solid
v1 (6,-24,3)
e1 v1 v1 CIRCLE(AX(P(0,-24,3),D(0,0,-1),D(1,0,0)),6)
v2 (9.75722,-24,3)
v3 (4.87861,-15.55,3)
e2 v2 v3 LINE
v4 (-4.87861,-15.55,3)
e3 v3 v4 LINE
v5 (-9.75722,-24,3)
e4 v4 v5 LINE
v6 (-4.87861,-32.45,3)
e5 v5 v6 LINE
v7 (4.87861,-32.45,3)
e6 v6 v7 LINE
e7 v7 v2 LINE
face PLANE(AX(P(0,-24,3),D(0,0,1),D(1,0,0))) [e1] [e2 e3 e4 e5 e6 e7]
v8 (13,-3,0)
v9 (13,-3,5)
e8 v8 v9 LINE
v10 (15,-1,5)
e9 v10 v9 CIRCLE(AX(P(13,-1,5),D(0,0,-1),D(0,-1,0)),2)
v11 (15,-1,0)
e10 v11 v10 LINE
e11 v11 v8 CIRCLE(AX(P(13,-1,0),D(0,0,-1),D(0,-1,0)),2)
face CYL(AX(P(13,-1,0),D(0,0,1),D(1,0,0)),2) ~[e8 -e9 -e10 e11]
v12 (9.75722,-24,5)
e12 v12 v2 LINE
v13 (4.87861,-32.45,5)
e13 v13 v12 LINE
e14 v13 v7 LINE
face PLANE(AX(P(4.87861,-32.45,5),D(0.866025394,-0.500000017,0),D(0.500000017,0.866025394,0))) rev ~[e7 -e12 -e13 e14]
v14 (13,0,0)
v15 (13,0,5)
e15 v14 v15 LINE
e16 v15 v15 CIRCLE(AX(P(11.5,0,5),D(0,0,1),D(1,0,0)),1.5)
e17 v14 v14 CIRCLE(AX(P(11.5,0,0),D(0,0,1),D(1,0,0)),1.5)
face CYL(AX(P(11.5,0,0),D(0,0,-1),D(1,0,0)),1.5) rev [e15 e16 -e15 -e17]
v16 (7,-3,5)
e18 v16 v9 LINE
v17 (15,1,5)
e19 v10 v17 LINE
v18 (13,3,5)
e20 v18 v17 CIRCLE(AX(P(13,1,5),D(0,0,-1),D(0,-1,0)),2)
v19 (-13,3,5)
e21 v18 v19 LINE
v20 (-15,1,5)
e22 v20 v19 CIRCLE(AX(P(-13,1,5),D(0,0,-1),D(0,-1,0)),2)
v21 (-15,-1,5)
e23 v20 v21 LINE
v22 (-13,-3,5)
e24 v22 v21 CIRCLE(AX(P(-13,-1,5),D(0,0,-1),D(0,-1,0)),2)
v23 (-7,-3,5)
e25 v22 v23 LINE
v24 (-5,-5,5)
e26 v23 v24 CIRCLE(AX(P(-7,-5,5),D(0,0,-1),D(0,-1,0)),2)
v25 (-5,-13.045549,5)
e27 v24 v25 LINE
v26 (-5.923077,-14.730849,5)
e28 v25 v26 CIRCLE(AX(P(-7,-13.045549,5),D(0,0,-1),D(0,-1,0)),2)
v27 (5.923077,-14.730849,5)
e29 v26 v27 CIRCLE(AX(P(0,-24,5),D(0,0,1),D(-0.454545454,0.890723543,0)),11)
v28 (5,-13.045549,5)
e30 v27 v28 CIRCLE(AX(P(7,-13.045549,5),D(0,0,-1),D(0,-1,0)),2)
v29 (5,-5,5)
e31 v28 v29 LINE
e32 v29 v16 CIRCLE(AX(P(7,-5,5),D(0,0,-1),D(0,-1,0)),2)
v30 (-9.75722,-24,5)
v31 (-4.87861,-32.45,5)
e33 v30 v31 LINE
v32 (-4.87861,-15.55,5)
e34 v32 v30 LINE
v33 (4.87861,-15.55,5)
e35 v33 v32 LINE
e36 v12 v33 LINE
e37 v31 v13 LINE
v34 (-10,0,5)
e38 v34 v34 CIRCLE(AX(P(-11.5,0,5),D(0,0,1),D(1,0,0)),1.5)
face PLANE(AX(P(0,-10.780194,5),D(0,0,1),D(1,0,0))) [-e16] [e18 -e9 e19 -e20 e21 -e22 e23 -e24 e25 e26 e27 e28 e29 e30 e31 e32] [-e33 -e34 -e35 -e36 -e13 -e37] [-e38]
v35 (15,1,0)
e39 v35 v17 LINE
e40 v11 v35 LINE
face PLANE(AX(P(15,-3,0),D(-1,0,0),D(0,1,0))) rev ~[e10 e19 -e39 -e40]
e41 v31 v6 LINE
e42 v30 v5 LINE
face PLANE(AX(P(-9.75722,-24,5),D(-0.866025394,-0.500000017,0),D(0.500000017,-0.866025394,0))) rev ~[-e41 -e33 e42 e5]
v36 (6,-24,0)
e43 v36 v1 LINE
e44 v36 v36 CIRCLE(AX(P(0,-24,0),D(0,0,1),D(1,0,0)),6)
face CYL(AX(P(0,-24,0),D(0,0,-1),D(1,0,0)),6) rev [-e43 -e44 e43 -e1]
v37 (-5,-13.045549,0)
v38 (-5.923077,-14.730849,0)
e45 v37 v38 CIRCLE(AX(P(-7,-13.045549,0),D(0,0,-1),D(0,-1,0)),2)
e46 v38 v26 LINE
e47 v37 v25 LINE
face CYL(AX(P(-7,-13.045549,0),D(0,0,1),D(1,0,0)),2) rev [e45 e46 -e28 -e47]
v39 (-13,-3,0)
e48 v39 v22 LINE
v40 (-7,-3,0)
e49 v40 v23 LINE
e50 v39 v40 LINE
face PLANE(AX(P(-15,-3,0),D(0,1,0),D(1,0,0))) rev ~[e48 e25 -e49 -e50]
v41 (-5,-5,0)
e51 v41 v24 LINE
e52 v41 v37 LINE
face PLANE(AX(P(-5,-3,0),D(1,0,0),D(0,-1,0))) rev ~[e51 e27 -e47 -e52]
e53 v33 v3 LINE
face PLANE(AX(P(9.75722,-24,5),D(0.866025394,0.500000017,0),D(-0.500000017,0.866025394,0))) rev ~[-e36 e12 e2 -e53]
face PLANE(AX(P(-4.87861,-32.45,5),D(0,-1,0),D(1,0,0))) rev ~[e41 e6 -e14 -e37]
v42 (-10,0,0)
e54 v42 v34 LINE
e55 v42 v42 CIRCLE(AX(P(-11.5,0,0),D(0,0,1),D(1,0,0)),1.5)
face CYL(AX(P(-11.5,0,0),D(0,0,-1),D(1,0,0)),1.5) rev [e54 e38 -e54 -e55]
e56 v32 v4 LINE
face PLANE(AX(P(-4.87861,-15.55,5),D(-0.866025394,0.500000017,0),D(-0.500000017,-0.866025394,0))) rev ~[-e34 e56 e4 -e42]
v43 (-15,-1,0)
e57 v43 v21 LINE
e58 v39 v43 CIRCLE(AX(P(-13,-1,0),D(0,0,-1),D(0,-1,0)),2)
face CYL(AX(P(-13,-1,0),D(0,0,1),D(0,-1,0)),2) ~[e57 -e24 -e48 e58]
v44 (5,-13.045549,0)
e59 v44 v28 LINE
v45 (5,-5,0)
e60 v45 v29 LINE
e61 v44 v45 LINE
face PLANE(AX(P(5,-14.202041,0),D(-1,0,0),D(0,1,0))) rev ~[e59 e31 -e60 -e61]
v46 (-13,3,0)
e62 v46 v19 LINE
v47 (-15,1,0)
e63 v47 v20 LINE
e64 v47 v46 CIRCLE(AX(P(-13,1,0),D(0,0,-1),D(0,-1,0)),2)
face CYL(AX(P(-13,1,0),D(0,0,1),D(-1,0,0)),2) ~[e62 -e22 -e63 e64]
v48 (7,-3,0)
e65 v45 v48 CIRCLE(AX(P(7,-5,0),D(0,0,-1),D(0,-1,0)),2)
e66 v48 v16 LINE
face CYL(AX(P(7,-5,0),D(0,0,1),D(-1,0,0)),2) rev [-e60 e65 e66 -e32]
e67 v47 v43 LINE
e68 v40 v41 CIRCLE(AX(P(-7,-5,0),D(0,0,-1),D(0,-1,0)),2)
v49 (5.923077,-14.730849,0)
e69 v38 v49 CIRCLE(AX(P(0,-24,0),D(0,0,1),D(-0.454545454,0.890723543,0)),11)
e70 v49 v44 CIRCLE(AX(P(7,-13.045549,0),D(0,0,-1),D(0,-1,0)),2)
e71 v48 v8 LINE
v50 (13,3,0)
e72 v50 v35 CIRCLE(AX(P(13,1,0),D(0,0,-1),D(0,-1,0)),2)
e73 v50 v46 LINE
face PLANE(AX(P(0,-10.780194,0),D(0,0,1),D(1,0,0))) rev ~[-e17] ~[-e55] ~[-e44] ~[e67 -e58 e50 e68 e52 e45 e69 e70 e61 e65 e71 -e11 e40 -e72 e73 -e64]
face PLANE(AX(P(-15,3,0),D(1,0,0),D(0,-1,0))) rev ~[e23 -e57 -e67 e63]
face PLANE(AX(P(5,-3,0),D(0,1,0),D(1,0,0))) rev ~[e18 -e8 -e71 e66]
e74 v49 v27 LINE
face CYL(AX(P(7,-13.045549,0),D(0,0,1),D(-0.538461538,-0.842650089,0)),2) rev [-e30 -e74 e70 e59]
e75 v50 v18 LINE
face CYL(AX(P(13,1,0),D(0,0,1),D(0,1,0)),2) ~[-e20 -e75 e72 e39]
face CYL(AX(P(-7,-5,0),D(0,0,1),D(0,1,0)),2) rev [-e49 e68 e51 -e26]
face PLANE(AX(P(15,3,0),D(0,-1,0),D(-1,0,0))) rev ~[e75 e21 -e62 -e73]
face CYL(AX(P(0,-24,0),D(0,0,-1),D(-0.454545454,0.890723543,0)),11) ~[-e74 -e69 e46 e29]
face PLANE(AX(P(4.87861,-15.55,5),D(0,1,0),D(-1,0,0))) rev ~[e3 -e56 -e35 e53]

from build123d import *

# Parameters (mm, degrees)
SKETCH_R     = 1.5
SKETCH_R_2   = 6
PAD_DEPTH    = 5
POCKET_DEPTH = 2
FILLET_R     = 2


with BuildPart() as part:
    # Sketch → Pad (new body)
    with BuildSketch(Plane.XY):
        with BuildLine():
            Line((-15, -3), (-5, -3))
            Line((-5, -3), (-5, -14.202041))
            ThreePointArc((-5, -14.202041), (0, -35), (5, -14.202041))
            Line((5, -14.202041), (5, -3))
            Line((5, -3), (15, -3))
            Line((15, -3), (15, 3))
            Line((15, 3), (-15, 3))
            Line((-15, 3), (-15, -3))
        make_face()
        with Locations((11.5, 0)):
            Circle(SKETCH_R, mode=Mode.SUBTRACT)
        with Locations((-11.5, 0)):
            Circle(SKETCH_R, mode=Mode.SUBTRACT)
        with Locations((0, -24)):
            Circle(SKETCH_R_2, mode=Mode.SUBTRACT)
    extrude(amount=PAD_DEPTH)

    # Sketch001 → Pocket (cut)
    with BuildSketch(Plane.XY.offset(5)):
        Polygon((4.87861, -32.45), (9.75722, -24), (4.87861, -15.55), (-4.87861, -15.55), (-9.75722, -24), (-4.87861, -32.45), align=None)
    extrude(amount=-POCKET_DEPTH, mode=Mode.SUBTRACT)

    # Fillet
    fillet_edges = [part.edges().sort_by_distance(p)[0] for p in [
        (15, 3, 2.5),
        (15, -3, 2.5),
        (-15, 3, 2.5),
        (-15, -3, 2.5),
        (-5, -3, 2.5),
        (5, -3, 2.5),
        (5, -14.202041, 2.5),
        (-5, -14.202041, 2.5),
    ]]
    fillet(fillet_edges, radius=FILLET_R)


solid = part.part
